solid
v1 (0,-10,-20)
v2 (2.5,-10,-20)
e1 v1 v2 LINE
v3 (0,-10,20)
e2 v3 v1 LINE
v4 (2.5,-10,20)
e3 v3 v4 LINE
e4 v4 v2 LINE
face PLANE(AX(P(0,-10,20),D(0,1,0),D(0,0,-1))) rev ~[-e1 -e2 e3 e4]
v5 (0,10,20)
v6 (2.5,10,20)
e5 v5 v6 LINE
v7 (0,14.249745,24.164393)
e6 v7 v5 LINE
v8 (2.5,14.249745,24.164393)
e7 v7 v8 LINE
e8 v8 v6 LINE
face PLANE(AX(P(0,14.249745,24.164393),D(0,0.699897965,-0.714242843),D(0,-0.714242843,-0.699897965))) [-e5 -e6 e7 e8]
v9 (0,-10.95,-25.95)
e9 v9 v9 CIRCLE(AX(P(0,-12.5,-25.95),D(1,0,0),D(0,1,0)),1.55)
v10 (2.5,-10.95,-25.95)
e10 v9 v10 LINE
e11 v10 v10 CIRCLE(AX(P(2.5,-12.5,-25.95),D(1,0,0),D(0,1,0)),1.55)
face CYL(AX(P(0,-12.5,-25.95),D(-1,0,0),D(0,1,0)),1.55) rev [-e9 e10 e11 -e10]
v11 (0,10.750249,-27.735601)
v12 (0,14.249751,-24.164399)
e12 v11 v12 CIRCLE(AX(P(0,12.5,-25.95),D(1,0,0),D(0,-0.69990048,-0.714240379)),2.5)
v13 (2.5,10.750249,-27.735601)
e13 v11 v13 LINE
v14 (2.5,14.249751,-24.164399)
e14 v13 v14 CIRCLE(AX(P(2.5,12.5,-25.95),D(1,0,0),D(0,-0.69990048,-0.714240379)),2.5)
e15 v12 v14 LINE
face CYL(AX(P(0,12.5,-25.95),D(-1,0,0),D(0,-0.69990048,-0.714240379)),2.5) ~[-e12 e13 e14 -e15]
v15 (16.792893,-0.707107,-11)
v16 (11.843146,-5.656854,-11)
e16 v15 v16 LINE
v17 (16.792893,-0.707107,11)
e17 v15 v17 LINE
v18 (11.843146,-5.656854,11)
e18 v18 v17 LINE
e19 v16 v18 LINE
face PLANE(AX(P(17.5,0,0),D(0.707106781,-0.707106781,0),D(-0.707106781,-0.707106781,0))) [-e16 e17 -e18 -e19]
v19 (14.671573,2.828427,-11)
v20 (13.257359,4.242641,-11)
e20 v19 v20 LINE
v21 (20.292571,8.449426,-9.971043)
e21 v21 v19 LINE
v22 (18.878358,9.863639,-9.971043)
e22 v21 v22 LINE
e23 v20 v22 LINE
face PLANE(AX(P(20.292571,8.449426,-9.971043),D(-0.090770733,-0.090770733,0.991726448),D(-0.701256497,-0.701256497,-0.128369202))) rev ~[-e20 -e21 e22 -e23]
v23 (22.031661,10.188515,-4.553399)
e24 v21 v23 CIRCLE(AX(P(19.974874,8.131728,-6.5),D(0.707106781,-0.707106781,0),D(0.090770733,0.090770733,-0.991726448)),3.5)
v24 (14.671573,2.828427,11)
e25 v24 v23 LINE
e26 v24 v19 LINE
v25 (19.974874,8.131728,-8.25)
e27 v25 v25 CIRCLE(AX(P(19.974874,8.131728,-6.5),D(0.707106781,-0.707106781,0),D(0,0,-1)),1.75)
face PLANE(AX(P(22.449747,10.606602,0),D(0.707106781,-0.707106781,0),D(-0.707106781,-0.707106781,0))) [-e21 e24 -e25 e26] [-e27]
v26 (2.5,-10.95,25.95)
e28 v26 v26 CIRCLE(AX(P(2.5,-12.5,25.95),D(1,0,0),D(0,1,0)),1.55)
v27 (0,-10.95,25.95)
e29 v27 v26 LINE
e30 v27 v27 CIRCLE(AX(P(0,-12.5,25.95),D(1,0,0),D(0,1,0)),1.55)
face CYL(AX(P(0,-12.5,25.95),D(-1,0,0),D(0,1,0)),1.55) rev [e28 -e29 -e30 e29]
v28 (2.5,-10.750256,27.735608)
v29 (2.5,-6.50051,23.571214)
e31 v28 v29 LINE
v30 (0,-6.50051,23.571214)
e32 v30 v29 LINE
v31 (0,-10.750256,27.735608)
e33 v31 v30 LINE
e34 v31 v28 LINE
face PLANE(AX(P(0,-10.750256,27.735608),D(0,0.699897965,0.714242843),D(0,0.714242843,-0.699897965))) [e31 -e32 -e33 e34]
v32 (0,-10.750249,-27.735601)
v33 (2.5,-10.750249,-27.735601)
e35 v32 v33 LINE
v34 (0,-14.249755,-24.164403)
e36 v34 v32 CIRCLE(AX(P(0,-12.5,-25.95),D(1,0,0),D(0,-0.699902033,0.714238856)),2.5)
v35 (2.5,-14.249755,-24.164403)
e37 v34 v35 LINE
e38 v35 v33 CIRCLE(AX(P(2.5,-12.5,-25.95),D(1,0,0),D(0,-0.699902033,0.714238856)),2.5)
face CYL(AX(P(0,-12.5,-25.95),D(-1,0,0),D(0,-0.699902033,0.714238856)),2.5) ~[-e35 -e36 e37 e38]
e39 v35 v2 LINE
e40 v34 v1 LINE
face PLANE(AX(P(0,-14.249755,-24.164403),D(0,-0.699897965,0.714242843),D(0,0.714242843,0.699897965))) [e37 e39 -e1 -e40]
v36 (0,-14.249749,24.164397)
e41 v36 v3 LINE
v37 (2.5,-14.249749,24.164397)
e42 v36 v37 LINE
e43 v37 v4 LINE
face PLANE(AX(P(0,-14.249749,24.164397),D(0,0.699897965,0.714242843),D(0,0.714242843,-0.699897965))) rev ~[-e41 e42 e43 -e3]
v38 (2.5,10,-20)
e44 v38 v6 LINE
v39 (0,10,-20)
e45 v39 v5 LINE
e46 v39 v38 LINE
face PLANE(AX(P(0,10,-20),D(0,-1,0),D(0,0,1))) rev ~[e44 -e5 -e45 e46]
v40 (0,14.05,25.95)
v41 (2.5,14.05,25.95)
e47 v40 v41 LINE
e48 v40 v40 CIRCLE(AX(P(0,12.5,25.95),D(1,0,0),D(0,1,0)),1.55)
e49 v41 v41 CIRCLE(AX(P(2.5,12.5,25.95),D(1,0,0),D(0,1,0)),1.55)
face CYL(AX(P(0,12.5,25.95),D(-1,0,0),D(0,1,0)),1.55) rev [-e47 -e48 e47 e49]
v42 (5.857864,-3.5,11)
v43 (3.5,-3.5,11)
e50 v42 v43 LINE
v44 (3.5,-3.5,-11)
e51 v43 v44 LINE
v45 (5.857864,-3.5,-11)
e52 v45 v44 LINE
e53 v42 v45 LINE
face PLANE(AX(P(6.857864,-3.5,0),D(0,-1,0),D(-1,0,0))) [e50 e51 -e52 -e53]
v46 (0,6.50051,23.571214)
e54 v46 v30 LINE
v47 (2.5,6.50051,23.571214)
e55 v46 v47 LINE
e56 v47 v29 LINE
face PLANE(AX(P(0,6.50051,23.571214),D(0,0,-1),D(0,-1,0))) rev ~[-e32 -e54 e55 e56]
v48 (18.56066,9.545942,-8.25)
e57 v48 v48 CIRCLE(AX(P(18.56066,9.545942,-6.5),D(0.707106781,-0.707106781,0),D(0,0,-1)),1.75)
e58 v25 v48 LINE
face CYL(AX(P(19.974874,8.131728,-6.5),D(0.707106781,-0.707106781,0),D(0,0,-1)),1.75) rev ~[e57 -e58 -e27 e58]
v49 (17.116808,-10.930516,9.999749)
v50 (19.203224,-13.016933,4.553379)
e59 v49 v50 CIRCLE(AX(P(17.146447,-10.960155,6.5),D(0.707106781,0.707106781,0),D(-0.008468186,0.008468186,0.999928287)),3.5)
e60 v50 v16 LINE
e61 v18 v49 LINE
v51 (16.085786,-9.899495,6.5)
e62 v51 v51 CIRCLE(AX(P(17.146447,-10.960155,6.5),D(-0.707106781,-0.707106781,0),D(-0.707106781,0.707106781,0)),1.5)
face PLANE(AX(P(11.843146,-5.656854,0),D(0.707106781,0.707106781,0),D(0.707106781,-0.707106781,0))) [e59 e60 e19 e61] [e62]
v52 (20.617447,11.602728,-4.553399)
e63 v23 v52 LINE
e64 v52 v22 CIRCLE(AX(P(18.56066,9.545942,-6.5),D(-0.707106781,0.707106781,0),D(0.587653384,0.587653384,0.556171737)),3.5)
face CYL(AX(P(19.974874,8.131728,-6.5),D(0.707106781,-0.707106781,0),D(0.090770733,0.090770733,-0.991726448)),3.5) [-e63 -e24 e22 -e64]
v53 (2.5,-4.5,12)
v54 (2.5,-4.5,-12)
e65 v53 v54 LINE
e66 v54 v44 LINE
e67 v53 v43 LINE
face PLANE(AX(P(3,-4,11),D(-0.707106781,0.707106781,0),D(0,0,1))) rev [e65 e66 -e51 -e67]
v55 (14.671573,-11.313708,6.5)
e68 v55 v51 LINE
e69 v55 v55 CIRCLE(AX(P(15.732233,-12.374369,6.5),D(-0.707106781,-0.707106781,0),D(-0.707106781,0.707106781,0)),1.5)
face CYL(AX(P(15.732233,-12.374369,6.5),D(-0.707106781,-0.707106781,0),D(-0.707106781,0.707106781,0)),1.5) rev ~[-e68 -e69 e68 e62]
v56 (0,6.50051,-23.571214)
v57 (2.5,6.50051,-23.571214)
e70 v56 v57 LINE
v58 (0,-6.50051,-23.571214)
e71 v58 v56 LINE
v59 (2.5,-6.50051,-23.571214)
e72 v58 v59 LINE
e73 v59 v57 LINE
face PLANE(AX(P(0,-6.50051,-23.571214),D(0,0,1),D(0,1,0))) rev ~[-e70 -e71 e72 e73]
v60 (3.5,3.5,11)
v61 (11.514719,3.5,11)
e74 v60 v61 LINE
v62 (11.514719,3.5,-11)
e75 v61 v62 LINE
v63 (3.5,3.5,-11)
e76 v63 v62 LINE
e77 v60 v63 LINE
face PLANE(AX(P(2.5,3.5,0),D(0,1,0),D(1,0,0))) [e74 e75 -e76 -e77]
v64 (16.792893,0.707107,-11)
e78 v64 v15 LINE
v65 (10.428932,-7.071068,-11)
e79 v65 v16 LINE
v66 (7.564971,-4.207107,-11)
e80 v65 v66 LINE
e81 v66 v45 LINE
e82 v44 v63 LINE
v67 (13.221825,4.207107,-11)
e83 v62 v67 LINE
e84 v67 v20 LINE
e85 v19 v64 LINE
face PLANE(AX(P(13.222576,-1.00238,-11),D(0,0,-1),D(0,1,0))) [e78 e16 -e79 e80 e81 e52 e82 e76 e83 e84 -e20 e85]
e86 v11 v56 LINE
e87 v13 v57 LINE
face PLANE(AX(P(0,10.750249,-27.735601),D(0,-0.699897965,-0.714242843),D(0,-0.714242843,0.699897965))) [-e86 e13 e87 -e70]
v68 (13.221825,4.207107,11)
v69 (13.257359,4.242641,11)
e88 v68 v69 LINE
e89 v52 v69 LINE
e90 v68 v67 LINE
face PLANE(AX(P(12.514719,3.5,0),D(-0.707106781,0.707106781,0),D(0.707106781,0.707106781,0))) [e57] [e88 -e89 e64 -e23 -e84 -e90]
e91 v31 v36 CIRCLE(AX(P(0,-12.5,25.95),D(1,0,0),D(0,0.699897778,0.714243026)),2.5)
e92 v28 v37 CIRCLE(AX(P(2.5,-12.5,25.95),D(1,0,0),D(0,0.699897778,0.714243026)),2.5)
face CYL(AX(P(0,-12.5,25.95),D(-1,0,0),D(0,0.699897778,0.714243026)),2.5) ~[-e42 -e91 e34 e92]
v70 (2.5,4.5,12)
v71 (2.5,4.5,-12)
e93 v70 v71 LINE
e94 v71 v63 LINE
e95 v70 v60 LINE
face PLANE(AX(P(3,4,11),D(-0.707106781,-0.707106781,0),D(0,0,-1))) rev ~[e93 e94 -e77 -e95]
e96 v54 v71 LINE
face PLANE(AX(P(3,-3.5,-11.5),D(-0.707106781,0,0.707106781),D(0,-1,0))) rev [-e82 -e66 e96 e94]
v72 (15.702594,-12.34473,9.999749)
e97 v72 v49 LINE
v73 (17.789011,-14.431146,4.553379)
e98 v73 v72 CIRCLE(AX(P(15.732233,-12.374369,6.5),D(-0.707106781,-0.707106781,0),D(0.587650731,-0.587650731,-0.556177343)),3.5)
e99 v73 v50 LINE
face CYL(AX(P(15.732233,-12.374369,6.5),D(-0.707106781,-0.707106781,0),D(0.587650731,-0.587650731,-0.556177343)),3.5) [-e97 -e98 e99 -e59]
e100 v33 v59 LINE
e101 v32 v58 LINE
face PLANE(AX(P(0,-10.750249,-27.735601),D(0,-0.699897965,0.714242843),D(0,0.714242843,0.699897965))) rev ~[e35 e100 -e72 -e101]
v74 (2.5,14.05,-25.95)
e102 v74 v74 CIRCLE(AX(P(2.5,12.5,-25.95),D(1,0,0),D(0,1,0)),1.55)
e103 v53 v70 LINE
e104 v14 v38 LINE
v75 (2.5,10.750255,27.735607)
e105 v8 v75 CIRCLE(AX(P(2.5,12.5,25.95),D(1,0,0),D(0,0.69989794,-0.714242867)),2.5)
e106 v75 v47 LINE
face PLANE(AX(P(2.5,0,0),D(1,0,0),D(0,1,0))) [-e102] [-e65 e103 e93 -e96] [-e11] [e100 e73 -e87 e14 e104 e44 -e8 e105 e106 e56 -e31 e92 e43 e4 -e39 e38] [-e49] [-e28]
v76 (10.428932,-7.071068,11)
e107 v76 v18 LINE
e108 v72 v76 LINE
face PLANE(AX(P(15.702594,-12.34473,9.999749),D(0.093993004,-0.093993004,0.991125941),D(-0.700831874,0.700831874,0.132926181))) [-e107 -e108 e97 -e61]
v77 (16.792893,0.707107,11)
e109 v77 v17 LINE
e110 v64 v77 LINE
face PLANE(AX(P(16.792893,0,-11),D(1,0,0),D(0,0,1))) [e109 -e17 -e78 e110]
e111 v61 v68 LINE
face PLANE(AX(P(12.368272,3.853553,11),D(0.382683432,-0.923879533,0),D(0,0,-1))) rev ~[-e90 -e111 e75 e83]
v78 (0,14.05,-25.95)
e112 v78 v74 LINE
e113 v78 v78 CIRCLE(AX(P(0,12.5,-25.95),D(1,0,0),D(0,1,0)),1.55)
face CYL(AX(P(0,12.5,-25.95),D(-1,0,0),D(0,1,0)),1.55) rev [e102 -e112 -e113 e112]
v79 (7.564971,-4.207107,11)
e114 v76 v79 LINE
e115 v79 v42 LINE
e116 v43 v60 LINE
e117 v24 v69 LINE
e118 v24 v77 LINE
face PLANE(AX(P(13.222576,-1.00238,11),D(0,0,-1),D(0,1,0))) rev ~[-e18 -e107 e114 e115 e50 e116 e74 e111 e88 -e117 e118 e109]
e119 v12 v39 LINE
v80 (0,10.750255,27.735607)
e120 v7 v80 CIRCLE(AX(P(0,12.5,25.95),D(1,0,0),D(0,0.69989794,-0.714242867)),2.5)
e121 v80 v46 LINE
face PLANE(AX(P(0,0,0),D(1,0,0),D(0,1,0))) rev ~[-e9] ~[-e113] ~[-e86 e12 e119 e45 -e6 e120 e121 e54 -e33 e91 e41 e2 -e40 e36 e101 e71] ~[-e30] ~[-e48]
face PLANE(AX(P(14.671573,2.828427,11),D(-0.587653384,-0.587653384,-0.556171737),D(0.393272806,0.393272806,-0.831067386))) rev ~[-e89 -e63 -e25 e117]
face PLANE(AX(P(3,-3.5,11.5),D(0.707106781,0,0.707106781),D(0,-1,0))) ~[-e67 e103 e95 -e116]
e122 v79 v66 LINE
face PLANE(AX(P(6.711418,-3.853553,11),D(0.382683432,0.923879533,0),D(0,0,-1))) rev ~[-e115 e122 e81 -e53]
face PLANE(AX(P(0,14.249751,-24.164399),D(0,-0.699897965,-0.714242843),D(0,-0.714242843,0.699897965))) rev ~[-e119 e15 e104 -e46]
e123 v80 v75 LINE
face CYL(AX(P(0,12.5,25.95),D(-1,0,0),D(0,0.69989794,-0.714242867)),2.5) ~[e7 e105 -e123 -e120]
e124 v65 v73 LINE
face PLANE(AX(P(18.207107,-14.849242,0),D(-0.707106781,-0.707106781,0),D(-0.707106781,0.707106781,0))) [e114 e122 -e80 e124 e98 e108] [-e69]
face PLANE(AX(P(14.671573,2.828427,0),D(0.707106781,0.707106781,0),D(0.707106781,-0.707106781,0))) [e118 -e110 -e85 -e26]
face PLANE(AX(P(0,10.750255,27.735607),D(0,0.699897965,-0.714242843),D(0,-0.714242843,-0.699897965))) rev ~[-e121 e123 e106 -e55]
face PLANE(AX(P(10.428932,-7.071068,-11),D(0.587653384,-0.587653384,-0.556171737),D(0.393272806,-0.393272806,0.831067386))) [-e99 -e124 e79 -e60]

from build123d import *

# Parameters (mm, degrees)
SKETCH170_R     = 1.55
PAD089_DEPTH    = 2.5
PAD090_DEPTH    = 11
SKETCH172_R     = 1.5
POCKET066_DEPTH = 5
SKETCH_R        = 1.75
POCKET_DEPTH    = 5
CHAMFER_SIZE    = 1


with BuildPart() as part:
    # Sketch170 → Pad089 (new body)
    with BuildSketch(Plane.YZ):
        with BuildLine():
            ThreePointArc((-10.7502555542, 27.7356075645), (-14.2856053806, 27.6997466745), (-14.2497489032, 24.1643968034))
            Line((-14.2497489032, 24.1643968034), (-10, 20))
            Line((-10, 20), (-10, 0))
            Line((-10, -20), (-10, 0))
            Line((-14.2497550835, -24.1644028597), (-10, -20))
            ThreePointArc((-14.2497550835, -24.1644028597), (-14.2855992835, -27.6997528965), (-10.7502492905, -27.7356014266))
            Line((-10.7502492905, -27.7356014266), (-6.5005101735, -23.5712142128))
            Line((-6.5005101735, -23.5712142128), (6.5005101735, -23.5712142128))
            Line((10.7502488005, -27.7356009464), (6.5005101735, -23.5712142128))
            ThreePointArc((10.7502488005, -27.7356009464), (14.2856010292, -27.699751115), (14.2497510305, -24.164398888))
            Line((14.2497510305, -24.164398888), (10, -20))
            Line((10, -20), (10, 0))
            Line((10, 20), (10, 0))
            Line((14.2497448501, 24.1643928317), (10, 20))
            ThreePointArc((14.2497448501, 24.1643928317), (14.2856070566, 27.6997449641), (10.7502549219, 27.7356069449))
            Line((10.7502549219, 27.7356069449), (6.5005101735, 23.5712142128))
            Line((6.5005101735, 23.5712142128), (0, 23.5712142128))
            Line((-6.5005101735, 23.5712142128), (0, 23.5712142128))
            Line((-10.7502555542, 27.7356075645), (-6.5005101735, 23.5712142128))
        make_face()
        with Locations((-12.5, 25.95)):
            Circle(SKETCH170_R, mode=Mode.SUBTRACT)
        with Locations((12.5, 25.95)):
            Circle(SKETCH170_R, mode=Mode.SUBTRACT)
        with Locations((-12.5, -25.95)):
            Circle(SKETCH170_R, mode=Mode.SUBTRACT)
        with Locations((12.5, -25.95)):
            Circle(SKETCH170_R, mode=Mode.SUBTRACT)
    extrude(amount=PAD089_DEPTH)

    # Sketch171 (on DatumPlane) → Pad090 (join, symmetric)
    with BuildSketch(Plane(origin=(2.5, 0, 0), x_dir=(0, 1, 0), z_dir=(0, 0, -1))):
        Polygon((-13.4350288425, 17.1213203436), (-14.8492424049, 15.7071067812), (-3.5, 4.3578643763), (-3.5, 0), (3.5, 0), (3.5, 10.0147186258), (12.0208152802, 18.5355339059), (10.6066017178, 19.9497474683), (2.8284271247, 12.1715728753), (0, 15), (-5.6568542495, 9.3431457505), align=None)
    extrude(amount=PAD090_DEPTH, both=True)

    # Sketch172 (on Face30 of Pad090) → Pocket066 (cut)
    with BuildSketch(Plane(origin=(1.6789321881, 1.6789321881, 0), x_dir=(-0.7071067812, 0.7071067812, 0), z_dir=(-0.7071067812, -0.7071067812, 0))):
        with Locations((-19.8743686708, -6.5)):
            Circle(SKETCH172_R)
        with BuildLine():
            ThreePointArc((-22.7830913882, -4.5533792991), (-22.9517672177, -8.1672186969), (-19.8324532872, -9.9997490054))
            Line((-19.8324532872, -9.9997490054), (-12.3743686708, -11))
            Line((-12.3743686708, -11), (-12.3743686708, -12))
            Line((-12.3743686708, -12), (-25.675823, -12))
            Line((-25.675823, -12), (-25.675823, 11.874653))
            Line((-25.675823, 11.874653), (-12.3743686708, 11.874653))
            Line((-12.3743686708, 11.874653), (-12.3743686708, 11))
            Line((-12.3743686708, 11), (-22.7830913882, -4.5533792991))
        make_face()
    extrude(amount=-POCKET066_DEPTH, mode=Mode.SUBTRACT)

    # Sketch (on Face33 of Pocket066) → Pocket (cut)
    with BuildSketch(Plane(origin=(5.9215728753, -5.9215728753, 0), x_dir=(0, 0, -1), z_dir=(0.7071067812, -0.7071067812, 0))):
        with Locations((6.5, 19.8743686708)):
            Circle(SKETCH_R)
        with BuildLine():
            Line((9.9710425685, 20.3236608785), (11, 12.3743686708))
            Line((11, 12.3743686708), (13.188866, 12.3743686708))
            Line((13.188866, 12.3743686708), (13.237601, 26.90383))
            Line((13.237601, 26.90383), (-12.122474, 26.90383))
            Line((-12.122474, 26.90383), (-12.122474, 12.372268))
            Line((-12.122474, 12.372268), (-11, 12.3743686708))
            Line((-11, 12.3743686708), (4.5533989217, 22.7831045202))
            ThreePointArc((9.9710425685, 20.3236608785), (7.9467882433, 23.0613427496), (4.5533989217, 22.7831045202))
        make_face()
    extrude(amount=-POCKET_DEPTH, mode=Mode.SUBTRACT)

    # Chamfer
    chamfer_edges = [part.edges().sort_by_distance(p)[0] for p in [
        (2.5, 0, -11),
        (2.5, 3.5, 0),
        (2.5, -3.5, 0),
        (2.5, 0, 11),
        (6.857864, -3.5, 0),
        (12.514719, 3.5, 0),
        (17.5, 0, 0),
    ]]
    chamfer(chamfer_edges, length=CHAMFER_SIZE)


solid = part.part
